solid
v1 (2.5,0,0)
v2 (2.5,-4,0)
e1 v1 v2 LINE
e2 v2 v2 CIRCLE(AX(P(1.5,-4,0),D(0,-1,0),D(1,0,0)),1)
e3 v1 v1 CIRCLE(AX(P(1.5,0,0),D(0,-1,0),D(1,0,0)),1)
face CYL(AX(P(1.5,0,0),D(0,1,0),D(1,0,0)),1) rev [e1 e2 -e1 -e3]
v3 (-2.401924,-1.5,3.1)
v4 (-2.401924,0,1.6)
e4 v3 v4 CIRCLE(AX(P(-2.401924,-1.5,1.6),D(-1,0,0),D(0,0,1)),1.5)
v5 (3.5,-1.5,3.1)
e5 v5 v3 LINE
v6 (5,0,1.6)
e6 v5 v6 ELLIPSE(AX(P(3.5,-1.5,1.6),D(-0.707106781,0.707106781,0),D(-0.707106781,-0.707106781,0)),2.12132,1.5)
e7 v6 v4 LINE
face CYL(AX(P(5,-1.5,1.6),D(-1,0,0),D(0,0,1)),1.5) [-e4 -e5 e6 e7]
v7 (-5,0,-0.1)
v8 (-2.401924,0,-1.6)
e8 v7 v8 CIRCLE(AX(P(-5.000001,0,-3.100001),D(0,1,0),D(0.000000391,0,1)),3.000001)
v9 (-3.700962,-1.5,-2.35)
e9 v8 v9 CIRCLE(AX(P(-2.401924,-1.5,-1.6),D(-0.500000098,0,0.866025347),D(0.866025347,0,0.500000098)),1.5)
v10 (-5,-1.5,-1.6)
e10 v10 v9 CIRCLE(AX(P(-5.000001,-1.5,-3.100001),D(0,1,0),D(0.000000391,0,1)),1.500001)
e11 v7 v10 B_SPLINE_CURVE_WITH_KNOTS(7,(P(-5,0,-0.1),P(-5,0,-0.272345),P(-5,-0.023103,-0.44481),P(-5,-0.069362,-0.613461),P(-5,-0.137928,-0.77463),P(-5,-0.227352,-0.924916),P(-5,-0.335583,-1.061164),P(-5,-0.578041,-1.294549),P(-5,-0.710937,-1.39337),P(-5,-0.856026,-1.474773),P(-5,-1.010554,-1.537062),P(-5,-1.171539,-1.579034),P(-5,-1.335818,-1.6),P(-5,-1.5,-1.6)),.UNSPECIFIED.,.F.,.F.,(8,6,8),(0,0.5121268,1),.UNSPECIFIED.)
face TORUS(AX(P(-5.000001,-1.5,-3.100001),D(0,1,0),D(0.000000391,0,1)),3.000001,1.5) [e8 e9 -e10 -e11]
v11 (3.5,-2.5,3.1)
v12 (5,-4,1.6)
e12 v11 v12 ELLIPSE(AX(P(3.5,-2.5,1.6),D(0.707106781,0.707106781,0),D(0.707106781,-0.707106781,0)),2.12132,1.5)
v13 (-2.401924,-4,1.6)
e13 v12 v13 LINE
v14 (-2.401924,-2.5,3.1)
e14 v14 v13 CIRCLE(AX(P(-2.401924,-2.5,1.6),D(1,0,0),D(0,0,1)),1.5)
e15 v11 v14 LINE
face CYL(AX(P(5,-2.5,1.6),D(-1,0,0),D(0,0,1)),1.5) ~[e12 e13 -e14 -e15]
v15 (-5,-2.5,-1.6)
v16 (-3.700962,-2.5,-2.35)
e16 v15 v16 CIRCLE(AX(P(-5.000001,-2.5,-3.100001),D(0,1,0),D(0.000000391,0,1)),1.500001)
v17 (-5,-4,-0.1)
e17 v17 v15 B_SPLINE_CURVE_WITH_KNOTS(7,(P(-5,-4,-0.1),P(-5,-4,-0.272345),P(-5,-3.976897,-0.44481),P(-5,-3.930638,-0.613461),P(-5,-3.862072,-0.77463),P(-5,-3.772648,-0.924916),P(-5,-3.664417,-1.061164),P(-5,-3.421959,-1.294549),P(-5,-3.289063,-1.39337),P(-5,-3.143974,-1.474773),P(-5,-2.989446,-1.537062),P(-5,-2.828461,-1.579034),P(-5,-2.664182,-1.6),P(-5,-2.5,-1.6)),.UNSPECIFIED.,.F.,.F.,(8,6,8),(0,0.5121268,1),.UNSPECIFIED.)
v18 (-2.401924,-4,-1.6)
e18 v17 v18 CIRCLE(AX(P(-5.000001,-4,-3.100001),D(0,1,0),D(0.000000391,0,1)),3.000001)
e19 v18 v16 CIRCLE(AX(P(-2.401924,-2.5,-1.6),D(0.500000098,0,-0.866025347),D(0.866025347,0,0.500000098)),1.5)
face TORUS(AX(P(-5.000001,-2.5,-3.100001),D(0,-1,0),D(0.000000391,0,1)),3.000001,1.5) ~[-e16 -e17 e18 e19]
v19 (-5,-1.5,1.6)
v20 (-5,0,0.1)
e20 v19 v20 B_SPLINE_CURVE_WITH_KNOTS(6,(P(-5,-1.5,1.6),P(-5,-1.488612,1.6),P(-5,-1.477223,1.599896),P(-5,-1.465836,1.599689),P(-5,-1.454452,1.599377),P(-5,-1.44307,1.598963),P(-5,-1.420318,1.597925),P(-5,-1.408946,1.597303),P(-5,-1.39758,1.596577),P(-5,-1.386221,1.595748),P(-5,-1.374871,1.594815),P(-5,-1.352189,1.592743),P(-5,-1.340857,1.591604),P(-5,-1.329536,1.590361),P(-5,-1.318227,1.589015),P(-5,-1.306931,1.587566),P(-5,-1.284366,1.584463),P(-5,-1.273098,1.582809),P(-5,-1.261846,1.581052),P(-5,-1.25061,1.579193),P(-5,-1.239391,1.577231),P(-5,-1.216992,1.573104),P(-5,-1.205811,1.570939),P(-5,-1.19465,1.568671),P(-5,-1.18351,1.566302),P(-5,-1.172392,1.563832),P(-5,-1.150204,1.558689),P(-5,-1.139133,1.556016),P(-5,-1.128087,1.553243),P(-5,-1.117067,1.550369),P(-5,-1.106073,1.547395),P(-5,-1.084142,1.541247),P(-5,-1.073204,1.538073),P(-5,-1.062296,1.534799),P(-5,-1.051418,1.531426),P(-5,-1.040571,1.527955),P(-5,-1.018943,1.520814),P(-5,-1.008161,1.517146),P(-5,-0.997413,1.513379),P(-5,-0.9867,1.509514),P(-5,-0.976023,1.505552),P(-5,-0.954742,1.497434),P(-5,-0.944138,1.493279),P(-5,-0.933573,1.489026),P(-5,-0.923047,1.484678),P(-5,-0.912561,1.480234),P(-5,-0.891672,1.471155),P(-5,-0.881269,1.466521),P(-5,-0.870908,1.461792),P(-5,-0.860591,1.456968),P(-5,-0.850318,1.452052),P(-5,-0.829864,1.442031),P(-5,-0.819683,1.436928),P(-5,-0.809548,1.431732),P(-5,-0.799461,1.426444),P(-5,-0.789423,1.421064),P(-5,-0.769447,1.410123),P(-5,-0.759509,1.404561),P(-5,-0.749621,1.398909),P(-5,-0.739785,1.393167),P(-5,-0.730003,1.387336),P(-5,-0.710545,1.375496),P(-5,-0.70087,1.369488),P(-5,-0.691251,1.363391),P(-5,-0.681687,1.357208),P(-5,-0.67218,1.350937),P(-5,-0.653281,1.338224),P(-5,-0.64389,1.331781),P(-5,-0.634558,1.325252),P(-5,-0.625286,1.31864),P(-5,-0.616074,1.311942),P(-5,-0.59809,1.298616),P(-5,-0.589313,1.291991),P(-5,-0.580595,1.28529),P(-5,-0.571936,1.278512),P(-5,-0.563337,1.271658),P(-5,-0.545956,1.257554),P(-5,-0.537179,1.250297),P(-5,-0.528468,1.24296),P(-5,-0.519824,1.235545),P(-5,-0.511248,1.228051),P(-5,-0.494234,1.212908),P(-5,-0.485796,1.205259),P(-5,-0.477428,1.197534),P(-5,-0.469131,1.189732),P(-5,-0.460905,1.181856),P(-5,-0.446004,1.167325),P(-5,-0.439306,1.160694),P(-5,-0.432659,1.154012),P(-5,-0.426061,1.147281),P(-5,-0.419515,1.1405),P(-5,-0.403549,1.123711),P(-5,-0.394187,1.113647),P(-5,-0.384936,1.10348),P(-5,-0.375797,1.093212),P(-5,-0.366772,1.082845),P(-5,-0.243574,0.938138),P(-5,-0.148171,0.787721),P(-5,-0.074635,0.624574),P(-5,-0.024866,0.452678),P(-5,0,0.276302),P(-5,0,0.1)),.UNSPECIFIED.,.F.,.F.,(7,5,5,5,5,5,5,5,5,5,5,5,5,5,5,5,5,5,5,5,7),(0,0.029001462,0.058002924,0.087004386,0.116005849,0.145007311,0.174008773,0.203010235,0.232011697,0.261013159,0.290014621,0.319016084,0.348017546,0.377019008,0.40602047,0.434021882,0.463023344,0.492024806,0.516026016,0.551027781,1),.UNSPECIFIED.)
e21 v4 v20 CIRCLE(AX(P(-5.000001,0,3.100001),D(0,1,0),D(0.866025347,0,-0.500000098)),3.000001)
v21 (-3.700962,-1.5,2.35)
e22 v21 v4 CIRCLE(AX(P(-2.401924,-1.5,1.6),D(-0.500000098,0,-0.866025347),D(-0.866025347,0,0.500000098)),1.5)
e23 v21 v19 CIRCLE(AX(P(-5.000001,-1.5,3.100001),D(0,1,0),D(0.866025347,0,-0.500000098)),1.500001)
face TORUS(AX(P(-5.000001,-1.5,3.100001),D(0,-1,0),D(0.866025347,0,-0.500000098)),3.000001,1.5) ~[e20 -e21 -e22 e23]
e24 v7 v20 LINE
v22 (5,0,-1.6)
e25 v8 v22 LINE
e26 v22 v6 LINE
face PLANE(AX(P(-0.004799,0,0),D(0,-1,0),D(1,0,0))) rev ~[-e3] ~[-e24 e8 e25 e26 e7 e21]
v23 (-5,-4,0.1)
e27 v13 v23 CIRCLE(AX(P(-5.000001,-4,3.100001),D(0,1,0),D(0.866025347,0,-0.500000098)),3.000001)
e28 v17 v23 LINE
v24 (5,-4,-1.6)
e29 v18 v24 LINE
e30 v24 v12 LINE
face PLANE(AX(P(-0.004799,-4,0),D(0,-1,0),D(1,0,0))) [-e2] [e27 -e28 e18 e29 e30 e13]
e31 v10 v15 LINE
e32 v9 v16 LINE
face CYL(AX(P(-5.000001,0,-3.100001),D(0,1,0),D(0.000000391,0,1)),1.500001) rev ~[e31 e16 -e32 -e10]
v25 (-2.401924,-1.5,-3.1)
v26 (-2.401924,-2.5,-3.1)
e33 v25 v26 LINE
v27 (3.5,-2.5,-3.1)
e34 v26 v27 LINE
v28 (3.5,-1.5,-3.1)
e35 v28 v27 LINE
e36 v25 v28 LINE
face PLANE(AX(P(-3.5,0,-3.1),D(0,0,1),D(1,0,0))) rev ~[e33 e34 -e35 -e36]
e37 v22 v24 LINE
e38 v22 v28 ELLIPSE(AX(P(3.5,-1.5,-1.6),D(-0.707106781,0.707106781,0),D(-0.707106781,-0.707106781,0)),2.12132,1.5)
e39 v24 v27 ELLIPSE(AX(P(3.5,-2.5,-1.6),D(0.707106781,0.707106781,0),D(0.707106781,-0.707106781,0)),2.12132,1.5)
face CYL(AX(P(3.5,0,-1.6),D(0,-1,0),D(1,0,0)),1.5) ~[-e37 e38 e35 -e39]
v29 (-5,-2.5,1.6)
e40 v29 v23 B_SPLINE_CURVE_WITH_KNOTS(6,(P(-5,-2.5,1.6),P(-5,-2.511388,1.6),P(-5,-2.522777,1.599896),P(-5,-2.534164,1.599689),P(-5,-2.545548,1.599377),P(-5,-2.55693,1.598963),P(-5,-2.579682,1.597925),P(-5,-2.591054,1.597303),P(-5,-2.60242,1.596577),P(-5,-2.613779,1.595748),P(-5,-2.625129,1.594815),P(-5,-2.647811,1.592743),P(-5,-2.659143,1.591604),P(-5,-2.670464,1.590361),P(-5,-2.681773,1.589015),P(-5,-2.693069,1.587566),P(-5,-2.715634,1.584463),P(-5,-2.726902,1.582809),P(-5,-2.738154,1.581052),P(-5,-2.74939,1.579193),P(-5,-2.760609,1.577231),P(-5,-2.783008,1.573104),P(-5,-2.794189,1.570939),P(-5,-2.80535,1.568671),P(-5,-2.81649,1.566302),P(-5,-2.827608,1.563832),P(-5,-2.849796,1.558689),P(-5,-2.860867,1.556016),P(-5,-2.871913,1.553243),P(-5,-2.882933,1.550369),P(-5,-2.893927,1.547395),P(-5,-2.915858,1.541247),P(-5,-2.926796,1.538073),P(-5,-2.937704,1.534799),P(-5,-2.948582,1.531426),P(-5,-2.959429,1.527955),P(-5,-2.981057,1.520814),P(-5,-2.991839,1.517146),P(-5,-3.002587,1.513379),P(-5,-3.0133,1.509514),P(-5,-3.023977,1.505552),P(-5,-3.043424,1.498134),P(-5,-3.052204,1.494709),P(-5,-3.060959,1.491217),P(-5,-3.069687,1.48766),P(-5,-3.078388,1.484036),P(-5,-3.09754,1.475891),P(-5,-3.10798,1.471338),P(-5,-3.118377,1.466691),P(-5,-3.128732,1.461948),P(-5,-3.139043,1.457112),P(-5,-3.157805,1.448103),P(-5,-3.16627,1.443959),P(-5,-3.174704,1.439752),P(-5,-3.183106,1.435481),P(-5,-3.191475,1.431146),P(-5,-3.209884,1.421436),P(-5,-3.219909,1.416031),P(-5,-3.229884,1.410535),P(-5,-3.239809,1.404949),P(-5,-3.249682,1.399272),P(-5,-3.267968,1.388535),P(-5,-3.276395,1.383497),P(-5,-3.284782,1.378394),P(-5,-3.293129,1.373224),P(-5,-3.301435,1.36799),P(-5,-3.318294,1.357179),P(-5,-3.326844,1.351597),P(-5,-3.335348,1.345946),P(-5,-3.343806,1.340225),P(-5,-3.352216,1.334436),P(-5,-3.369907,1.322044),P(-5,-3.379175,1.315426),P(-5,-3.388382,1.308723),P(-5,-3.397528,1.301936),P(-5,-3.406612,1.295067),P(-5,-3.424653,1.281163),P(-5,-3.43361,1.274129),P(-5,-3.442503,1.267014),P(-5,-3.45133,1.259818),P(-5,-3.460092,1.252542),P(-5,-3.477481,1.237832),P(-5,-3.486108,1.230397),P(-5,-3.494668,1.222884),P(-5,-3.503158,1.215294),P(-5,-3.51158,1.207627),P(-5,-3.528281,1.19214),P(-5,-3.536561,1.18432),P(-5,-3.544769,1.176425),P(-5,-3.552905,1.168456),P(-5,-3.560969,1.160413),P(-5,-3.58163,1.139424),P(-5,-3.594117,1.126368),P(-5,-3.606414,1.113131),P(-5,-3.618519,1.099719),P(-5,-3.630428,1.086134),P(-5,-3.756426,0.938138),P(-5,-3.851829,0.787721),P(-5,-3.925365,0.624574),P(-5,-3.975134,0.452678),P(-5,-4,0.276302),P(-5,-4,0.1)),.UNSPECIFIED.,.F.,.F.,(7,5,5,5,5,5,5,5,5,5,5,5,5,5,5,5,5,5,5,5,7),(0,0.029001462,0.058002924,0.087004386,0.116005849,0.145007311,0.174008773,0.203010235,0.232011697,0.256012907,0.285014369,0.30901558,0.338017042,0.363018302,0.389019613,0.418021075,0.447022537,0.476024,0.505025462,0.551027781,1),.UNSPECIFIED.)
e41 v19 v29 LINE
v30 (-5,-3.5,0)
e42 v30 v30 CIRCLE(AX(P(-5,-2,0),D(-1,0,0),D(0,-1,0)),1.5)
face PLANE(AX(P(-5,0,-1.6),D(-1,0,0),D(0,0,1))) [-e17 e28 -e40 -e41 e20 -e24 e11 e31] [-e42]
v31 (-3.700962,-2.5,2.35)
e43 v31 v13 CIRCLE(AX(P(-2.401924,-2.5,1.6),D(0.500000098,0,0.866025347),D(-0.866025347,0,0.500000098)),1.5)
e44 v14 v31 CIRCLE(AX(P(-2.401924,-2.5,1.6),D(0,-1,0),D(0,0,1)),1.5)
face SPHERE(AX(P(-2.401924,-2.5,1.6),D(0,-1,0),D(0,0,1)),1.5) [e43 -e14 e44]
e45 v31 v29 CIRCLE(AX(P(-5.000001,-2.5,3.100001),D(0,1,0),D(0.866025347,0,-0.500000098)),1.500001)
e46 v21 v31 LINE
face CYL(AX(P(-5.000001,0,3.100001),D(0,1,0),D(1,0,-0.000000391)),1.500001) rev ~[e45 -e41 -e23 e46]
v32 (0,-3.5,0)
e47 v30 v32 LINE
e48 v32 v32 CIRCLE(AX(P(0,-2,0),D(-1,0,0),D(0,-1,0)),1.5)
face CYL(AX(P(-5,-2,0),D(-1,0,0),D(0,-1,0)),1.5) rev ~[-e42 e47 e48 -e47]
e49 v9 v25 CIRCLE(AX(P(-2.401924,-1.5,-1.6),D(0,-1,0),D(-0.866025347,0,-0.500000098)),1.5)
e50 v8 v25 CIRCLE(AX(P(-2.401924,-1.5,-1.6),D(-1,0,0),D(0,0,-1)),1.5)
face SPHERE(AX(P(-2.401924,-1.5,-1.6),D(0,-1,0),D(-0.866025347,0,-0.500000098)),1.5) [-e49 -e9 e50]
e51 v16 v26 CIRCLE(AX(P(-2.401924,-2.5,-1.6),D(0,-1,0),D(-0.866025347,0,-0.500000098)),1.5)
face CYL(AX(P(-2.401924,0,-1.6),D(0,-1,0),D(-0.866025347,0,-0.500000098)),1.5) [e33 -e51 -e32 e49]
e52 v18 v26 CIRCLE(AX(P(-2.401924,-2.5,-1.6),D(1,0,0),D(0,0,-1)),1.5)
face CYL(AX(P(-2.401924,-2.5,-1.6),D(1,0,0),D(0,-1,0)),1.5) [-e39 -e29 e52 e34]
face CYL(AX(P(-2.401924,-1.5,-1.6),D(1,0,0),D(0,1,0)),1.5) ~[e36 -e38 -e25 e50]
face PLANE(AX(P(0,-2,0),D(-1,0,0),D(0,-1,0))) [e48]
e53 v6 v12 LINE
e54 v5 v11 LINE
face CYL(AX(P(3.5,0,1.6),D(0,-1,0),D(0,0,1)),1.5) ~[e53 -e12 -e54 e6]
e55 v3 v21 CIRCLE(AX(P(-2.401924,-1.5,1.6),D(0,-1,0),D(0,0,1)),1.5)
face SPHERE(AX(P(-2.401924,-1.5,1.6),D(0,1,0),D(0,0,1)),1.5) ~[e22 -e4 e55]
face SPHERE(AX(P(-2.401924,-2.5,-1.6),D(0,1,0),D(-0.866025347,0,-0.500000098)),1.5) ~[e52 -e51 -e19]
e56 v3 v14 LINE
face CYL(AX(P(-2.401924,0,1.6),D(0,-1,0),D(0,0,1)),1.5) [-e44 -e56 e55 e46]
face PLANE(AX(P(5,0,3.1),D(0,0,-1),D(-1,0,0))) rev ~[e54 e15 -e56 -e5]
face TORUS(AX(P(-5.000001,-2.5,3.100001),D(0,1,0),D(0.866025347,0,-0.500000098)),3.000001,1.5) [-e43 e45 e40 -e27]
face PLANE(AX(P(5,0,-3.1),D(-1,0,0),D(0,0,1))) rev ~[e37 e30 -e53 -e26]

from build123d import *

# Parameters (mm, degrees)
F0_R     = 1
F0_W     = 5
F0_H     = 3.2
F1_DEPTH = 4
F2_R     = 1.5
F3_R     = 1.5
F4_DEPTH = 5
F5_R     = 1.5


with BuildPart() as f1:
    # F0 (on Front) → F1 (new body)
    with BuildSketch(Plane.XZ):
        with BuildLine():
            Line((5, 3.1), (-3.5, 3.1))
            ThreePointArc((-3.5, 3.1), (-3.93934, 2.03934), (-5, 1.6))
            Line((-5, 1.6), (0, 1.6))
            Line((0, 1.6), (0, -1.6))
            Line((0, -1.6), (-5, -1.6))
            ThreePointArc((-5, -1.6), (-3.93934, -2.03934), (-3.5, -3.1))
            Line((-3.5, -3.1), (5, -3.1))
            Line((5, -3.1), (5, 3.1))
        make_face()
        with Locations((1.5, 0)):
            Circle(F0_R, mode=Mode.SUBTRACT)
        with Locations((-2.5, 0)):
            Rectangle(F0_W, F0_H)
    extrude(amount=F1_DEPTH)

    # F2
    f2_edges = [f1.edges().sort_by_distance(p)[0] for p in [
        (-3.5, -2, 3.1),
        (-3.5, -2, -3.1),
    ]]
    fillet(f2_edges, radius=F2_R)

    # F3 (on face) → F4 (cut)
    with BuildSketch(Plane(origin=(-5, 0, 0), x_dir=(0, -1, 0), z_dir=(-1, 0, 0))):
        with Locations((2, 0)):
            Circle(F3_R)
    extrude(amount=-F4_DEPTH, mode=Mode.SUBTRACT)

    # F5
    f5_edges = [f1.edges().sort_by_distance(p)[0] for p in [
        (5, -2, 3.1),
        (1.299038, -4, 3.1),
        (1.299038, 0, 3.1),
        (5, -2, -3.1),
        (1.299038, -4, -3.1),
        (1.299038, 0, -3.1),
    ]]
    fillet(f5_edges, radius=F5_R)


solid = f1.part
